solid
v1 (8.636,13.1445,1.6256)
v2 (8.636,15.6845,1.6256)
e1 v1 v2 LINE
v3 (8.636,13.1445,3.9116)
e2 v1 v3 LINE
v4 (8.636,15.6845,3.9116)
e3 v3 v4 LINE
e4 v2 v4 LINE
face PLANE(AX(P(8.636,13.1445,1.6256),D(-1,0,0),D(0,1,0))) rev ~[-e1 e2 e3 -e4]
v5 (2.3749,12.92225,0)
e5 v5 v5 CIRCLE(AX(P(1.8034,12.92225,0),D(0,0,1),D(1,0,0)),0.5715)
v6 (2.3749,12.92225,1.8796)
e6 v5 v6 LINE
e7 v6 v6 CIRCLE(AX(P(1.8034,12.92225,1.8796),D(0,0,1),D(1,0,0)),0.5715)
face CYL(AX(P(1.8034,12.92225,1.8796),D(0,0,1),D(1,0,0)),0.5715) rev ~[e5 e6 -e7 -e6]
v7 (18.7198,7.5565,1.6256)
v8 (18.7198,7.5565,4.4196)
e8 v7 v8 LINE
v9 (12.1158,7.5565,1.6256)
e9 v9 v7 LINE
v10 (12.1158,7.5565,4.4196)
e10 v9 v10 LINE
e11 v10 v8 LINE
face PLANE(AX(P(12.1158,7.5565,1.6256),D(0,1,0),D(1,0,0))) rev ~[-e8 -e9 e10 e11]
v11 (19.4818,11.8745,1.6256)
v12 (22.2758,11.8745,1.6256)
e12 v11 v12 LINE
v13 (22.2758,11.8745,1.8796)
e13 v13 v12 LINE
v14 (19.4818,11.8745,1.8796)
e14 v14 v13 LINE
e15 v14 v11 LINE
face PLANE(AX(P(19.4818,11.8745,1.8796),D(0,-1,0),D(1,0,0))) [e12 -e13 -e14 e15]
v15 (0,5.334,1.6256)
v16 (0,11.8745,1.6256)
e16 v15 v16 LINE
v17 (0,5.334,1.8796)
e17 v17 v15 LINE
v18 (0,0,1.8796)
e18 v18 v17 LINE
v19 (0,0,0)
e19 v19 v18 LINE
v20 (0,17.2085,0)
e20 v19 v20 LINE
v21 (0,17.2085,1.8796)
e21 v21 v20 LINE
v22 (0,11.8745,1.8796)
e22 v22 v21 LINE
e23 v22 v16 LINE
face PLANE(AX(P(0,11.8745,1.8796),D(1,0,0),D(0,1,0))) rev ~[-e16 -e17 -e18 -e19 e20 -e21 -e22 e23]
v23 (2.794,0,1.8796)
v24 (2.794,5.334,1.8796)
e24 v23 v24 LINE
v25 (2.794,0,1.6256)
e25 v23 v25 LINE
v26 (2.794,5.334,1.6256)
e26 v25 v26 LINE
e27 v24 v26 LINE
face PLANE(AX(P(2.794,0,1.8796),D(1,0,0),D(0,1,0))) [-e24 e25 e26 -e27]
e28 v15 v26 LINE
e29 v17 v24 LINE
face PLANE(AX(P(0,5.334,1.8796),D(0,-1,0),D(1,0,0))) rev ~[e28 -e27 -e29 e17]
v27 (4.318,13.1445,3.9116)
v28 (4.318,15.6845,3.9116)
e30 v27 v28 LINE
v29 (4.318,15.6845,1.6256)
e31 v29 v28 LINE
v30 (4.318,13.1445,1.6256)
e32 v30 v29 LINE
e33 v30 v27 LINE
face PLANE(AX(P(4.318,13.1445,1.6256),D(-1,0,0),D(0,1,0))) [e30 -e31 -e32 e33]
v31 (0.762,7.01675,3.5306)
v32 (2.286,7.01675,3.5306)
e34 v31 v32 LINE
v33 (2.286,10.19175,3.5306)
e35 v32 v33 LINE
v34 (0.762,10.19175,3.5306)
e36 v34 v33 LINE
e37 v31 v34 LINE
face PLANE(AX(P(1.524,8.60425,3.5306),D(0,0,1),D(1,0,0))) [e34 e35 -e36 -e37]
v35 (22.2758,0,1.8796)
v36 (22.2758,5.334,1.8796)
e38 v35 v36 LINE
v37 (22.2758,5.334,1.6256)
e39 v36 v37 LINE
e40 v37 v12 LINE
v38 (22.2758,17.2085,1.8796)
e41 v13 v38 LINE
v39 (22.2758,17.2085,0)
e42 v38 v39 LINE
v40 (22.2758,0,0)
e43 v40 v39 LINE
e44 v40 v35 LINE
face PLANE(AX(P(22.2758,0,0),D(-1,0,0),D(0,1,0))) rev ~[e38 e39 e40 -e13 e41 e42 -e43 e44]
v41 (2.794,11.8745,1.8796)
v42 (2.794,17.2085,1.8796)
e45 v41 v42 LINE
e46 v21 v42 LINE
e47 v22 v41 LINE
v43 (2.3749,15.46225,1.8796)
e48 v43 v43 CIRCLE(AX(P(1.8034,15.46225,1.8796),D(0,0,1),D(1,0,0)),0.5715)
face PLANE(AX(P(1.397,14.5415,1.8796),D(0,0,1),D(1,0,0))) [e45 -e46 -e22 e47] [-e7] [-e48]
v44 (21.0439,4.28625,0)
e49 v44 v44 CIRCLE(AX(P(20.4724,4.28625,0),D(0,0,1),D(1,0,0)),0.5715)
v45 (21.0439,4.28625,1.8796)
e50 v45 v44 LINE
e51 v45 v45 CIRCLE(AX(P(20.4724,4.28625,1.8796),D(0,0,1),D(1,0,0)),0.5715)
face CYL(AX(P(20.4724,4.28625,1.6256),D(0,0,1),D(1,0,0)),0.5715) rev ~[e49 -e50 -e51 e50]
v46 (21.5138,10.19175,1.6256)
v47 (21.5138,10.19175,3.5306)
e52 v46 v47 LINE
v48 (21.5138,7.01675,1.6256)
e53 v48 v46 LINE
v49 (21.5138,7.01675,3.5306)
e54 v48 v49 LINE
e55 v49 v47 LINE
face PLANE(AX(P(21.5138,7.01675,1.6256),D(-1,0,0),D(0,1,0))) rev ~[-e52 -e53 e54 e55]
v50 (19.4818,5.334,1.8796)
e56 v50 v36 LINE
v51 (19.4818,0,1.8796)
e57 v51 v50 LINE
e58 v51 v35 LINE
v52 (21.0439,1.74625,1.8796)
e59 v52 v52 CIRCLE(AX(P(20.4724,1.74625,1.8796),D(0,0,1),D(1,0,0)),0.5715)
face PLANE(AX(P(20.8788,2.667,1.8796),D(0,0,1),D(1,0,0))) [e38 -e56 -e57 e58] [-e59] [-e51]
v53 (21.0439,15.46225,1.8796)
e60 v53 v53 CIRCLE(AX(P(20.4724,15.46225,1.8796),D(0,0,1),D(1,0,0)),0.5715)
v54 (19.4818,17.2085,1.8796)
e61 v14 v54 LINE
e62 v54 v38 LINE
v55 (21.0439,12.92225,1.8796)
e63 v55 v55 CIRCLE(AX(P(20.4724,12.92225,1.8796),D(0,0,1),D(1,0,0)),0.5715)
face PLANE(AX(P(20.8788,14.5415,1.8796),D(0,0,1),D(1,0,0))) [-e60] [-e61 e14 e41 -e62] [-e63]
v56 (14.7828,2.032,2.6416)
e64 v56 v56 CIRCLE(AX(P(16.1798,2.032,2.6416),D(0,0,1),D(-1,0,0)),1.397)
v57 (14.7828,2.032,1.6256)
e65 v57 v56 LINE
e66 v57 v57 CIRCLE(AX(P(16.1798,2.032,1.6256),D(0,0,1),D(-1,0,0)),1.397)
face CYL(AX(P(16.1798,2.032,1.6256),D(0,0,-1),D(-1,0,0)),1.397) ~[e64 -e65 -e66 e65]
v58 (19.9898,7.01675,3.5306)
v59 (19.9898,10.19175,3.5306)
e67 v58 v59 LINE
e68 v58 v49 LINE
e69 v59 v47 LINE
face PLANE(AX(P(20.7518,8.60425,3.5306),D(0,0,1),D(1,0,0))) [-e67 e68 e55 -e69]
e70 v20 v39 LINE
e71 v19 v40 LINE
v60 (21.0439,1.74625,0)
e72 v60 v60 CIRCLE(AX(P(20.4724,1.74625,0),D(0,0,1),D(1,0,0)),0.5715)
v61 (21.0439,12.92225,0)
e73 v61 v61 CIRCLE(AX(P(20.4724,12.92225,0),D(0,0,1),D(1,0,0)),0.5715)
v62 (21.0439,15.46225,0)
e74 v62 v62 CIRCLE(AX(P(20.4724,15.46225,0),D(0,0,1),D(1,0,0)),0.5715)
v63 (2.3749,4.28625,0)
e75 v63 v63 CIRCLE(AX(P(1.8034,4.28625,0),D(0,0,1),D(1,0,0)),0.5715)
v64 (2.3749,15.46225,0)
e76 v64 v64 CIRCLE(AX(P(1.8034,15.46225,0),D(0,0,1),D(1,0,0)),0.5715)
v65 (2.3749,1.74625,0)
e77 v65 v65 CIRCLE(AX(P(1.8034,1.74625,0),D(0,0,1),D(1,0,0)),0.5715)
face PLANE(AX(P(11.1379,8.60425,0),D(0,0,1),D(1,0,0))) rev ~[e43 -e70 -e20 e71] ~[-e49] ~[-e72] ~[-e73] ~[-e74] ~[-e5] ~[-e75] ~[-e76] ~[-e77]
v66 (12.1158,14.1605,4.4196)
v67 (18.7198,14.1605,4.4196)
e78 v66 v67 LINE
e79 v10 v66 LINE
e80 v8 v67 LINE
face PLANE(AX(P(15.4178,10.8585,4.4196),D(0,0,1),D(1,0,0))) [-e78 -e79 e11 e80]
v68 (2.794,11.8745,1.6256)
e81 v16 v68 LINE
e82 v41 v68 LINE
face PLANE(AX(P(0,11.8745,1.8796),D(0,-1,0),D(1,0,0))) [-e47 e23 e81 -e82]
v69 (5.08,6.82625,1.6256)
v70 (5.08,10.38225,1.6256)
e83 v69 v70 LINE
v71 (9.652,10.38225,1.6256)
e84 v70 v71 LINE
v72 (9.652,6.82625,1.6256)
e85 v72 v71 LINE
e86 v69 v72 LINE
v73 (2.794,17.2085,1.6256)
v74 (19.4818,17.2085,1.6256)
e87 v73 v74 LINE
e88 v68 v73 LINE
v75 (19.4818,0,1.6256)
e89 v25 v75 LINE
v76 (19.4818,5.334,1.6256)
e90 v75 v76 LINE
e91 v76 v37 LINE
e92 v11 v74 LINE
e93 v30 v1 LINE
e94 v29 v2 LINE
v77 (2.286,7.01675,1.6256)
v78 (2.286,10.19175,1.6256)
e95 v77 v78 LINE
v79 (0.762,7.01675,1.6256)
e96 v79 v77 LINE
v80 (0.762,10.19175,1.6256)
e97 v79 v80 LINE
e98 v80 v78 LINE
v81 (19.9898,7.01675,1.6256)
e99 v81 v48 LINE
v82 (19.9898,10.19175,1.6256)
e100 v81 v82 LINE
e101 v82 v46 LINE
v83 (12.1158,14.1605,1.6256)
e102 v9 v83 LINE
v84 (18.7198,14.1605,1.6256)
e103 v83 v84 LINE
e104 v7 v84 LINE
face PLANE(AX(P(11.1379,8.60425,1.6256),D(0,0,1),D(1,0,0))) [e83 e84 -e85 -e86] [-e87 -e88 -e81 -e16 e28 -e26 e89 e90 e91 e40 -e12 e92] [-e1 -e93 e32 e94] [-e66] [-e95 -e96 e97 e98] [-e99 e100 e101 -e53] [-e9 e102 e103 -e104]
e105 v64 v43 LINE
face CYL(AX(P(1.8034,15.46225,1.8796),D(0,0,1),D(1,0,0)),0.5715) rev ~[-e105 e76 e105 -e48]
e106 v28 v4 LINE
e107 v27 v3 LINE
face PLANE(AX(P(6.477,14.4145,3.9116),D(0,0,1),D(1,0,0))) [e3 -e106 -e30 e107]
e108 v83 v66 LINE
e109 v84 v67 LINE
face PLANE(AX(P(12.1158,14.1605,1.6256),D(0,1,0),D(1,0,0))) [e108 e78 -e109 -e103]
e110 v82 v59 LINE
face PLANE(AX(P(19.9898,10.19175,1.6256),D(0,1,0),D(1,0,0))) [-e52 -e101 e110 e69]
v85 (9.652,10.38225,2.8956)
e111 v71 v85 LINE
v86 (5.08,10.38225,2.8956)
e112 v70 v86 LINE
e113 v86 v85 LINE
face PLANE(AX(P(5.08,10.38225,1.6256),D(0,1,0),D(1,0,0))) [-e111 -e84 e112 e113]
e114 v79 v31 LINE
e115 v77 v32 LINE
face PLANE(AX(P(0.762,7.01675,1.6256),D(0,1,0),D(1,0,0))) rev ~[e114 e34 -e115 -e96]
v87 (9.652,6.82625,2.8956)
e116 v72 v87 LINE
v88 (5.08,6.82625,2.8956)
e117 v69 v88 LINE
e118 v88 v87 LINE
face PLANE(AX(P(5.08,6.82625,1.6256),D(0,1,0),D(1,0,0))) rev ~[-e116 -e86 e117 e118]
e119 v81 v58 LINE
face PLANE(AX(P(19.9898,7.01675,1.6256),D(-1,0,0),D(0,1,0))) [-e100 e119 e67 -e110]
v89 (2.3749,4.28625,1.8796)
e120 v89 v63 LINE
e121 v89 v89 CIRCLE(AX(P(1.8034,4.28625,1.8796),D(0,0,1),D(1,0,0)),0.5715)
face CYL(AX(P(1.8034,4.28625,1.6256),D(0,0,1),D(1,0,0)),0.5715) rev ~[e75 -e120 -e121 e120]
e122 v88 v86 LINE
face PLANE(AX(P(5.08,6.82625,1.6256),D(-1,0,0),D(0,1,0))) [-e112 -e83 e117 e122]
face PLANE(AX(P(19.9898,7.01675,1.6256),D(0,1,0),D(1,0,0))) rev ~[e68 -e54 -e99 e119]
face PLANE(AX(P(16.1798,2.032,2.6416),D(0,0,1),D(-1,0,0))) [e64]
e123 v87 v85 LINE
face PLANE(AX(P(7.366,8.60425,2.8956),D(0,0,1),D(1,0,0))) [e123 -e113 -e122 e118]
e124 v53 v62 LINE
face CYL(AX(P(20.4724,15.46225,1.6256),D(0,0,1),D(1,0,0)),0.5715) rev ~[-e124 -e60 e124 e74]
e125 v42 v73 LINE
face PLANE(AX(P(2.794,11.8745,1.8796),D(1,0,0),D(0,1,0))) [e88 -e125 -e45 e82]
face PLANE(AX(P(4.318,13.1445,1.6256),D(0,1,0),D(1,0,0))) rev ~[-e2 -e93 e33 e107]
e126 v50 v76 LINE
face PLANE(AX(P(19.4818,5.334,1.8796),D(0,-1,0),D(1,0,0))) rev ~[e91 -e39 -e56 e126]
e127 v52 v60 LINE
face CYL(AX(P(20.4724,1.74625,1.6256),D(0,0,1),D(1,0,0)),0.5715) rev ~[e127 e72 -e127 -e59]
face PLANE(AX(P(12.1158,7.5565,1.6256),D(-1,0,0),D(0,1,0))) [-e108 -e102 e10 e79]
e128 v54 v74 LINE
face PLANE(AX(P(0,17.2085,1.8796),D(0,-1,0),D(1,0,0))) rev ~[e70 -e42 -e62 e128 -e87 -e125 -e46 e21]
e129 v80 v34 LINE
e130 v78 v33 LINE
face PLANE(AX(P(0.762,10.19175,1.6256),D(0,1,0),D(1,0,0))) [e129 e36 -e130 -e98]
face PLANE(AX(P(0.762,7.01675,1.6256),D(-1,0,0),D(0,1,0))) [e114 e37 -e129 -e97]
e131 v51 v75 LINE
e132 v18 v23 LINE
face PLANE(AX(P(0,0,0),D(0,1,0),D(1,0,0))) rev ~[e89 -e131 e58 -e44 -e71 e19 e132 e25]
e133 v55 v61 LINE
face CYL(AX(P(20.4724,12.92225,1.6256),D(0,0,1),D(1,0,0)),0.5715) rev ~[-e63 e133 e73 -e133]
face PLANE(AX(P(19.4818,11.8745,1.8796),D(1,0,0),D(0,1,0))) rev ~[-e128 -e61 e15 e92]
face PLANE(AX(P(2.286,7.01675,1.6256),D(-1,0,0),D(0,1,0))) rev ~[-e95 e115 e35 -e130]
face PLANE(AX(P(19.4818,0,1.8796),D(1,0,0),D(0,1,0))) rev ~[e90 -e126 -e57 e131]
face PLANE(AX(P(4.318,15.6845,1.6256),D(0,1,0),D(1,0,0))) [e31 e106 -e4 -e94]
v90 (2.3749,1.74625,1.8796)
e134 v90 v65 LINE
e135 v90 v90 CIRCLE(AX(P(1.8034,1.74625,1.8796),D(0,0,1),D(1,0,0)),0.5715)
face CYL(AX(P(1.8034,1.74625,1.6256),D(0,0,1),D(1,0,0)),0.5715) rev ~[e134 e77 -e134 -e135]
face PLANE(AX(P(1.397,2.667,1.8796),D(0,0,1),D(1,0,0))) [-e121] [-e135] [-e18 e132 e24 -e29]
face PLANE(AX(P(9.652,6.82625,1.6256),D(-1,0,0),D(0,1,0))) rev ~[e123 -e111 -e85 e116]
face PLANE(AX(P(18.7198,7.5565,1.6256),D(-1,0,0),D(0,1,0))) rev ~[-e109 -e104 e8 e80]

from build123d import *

# Parameters (mm, degrees)
SKETCH1_W           = 22.2758
SKETCH1_H           = 17.2085
BOSS_EXTRUDE1_DEPTH = 1.6256
SKETCH2_R           = 0.5715
CUT_EXTRUDE1_DEPTH  = 29.195501649
SKETCH3_W           = 1.524
SKETCH3_H           = 3.175
BOSS_EXTRUDE2_DEPTH = 1.905
SKETCH3_3_W         = 4.318
SKETCH3_3_H         = 2.54
BOSS_EXTRUDE3_DEPTH = 2.286
SKETCH3_4_W         = 4.572
SKETCH3_4_H         = 3.556
BOSS_EXTRUDE4_DEPTH = 1.27
SKETCH3_5_W         = 6.604
SKETCH3_5_H         = 6.604
BOSS_EXTRUDE5_DEPTH = 2.794
SKETCH3_6_R         = 1.397
BOSS_EXTRUDE6_DEPTH = 1.016
BOSS_EXTRUDE7_START = 0.254
SKETCH4_W           = 2.794
SKETCH4_H           = 5.334
SKETCH4_R           = 0.5715
BOSS_EXTRUDE7_DEPTH = 0.254


with BuildPart() as part:
    # Sketch1 → Boss-Extrude1 (new body)
    with BuildSketch(Plane.XY):
        with Locations((11.1379, 8.60425)):
            Rectangle(SKETCH1_W, SKETCH1_H)
    extrude(amount=BOSS_EXTRUDE1_DEPTH)

    # Sketch2 → Cut-Extrude1 (cut, through all)
    with BuildSketch(Plane.XY.offset(1.6256)):
        with Locations((1.8034, 15.46225)):
            Circle(SKETCH2_R)
        with Locations((1.8034, 12.92225)):
            Circle(SKETCH2_R)
        with Locations((20.4724, 15.46225)):
            Circle(SKETCH2_R)
        with Locations((20.4724, 12.92225)):
            Circle(SKETCH2_R)
        with Locations((20.4724, 4.28625)):
            Circle(SKETCH2_R)
        with Locations((20.4724, 1.74625)):
            Circle(SKETCH2_R)
        with Locations((1.8034, 4.28625)):
            Circle(SKETCH2_R)
        with Locations((1.8034, 1.74625)):
            Circle(SKETCH2_R)
    extrude(amount=-CUT_EXTRUDE1_DEPTH, mode=Mode.SUBTRACT)

    # Sketch3 → Boss-Extrude2 (add)
    with BuildSketch(Plane.XY.offset(1.6256)):
        with Locations((1.524, 8.60425)):
            Rectangle(SKETCH3_W, SKETCH3_H)
        with Locations((20.7518, 8.60425)):
            Rectangle(SKETCH3_W, SKETCH3_H)
    extrude(amount=BOSS_EXTRUDE2_DEPTH)

    # Sketch3<3> → Boss-Extrude3 (add)
    with BuildSketch(Plane.XY.offset(1.6256)):
        with Locations((6.477, 14.4145)):
            Rectangle(SKETCH3_3_W, SKETCH3_3_H)
    extrude(amount=BOSS_EXTRUDE3_DEPTH)

    # Sketch3<4> → Boss-Extrude4 (add)
    with BuildSketch(Plane.XY.offset(1.6256)):
        with Locations((7.366, 8.60425)):
            Rectangle(SKETCH3_4_W, SKETCH3_4_H)
    extrude(amount=BOSS_EXTRUDE4_DEPTH)

    # Sketch3<5> → Boss-Extrude5 (add)
    with BuildSketch(Plane.XY.offset(1.6256)):
        with Locations((15.4178, 10.8585)):
            Rectangle(SKETCH3_5_W, SKETCH3_5_H)
    extrude(amount=BOSS_EXTRUDE5_DEPTH)

    # Sketch3<6> → Boss-Extrude6 (add)
    with BuildSketch(Plane.XY.offset(1.6256)):
        with Locations((16.1798, 2.032)):
            Circle(SKETCH3_6_R)
    extrude(amount=BOSS_EXTRUDE6_DEPTH)

    # Sketch4 → Boss-Extrude7 (add)
    # profile 1 of 4: a face of its own
    with BuildSketch(Plane.XY.offset(1.6256).offset(BOSS_EXTRUDE7_START)):
        with Locations((1.397, 14.5415)):
            Rectangle(SKETCH4_W, SKETCH4_H)
        with Locations((1.8034, 12.92225)):
            Circle(SKETCH4_R, mode=Mode.SUBTRACT)
        with Locations((1.8034, 15.46225)):
            Circle(SKETCH4_R, mode=Mode.SUBTRACT)
    # profile 2 of 4: a face of its own
    with BuildSketch(Plane.XY.offset(1.6256).offset(BOSS_EXTRUDE7_START)):
        with Locations((1.397, 2.667)):
            Rectangle(SKETCH4_W, SKETCH4_H)
        with Locations((1.8034, 1.74625)):
            Circle(SKETCH4_R, mode=Mode.SUBTRACT)
        with Locations((1.8034, 4.28625)):
            Circle(SKETCH4_R, mode=Mode.SUBTRACT)
    # profile 3 of 4: a face of its own
    with BuildSketch(Plane.XY.offset(1.6256).offset(BOSS_EXTRUDE7_START)):
        with Locations((20.8788, 2.667)):
            Rectangle(SKETCH4_W, SKETCH4_H)
        with Locations((20.4724, 4.28625)):
            Circle(SKETCH4_R, mode=Mode.SUBTRACT)
        with Locations((20.4724, 1.74625)):
            Circle(SKETCH4_R, mode=Mode.SUBTRACT)
    # profile 4 of 4: a face of its own
    with BuildSketch(Plane.XY.offset(1.6256).offset(BOSS_EXTRUDE7_START)):
        with Locations((20.8788, 14.5415)):
            Rectangle(SKETCH4_W, SKETCH4_H)
        with Locations((20.4724, 15.46225)):
            Circle(SKETCH4_R, mode=Mode.SUBTRACT)
        with Locations((20.4724, 12.92225)):
            Circle(SKETCH4_R, mode=Mode.SUBTRACT)
    extrude(amount=-BOSS_EXTRUDE7_DEPTH)


solid = part.part
